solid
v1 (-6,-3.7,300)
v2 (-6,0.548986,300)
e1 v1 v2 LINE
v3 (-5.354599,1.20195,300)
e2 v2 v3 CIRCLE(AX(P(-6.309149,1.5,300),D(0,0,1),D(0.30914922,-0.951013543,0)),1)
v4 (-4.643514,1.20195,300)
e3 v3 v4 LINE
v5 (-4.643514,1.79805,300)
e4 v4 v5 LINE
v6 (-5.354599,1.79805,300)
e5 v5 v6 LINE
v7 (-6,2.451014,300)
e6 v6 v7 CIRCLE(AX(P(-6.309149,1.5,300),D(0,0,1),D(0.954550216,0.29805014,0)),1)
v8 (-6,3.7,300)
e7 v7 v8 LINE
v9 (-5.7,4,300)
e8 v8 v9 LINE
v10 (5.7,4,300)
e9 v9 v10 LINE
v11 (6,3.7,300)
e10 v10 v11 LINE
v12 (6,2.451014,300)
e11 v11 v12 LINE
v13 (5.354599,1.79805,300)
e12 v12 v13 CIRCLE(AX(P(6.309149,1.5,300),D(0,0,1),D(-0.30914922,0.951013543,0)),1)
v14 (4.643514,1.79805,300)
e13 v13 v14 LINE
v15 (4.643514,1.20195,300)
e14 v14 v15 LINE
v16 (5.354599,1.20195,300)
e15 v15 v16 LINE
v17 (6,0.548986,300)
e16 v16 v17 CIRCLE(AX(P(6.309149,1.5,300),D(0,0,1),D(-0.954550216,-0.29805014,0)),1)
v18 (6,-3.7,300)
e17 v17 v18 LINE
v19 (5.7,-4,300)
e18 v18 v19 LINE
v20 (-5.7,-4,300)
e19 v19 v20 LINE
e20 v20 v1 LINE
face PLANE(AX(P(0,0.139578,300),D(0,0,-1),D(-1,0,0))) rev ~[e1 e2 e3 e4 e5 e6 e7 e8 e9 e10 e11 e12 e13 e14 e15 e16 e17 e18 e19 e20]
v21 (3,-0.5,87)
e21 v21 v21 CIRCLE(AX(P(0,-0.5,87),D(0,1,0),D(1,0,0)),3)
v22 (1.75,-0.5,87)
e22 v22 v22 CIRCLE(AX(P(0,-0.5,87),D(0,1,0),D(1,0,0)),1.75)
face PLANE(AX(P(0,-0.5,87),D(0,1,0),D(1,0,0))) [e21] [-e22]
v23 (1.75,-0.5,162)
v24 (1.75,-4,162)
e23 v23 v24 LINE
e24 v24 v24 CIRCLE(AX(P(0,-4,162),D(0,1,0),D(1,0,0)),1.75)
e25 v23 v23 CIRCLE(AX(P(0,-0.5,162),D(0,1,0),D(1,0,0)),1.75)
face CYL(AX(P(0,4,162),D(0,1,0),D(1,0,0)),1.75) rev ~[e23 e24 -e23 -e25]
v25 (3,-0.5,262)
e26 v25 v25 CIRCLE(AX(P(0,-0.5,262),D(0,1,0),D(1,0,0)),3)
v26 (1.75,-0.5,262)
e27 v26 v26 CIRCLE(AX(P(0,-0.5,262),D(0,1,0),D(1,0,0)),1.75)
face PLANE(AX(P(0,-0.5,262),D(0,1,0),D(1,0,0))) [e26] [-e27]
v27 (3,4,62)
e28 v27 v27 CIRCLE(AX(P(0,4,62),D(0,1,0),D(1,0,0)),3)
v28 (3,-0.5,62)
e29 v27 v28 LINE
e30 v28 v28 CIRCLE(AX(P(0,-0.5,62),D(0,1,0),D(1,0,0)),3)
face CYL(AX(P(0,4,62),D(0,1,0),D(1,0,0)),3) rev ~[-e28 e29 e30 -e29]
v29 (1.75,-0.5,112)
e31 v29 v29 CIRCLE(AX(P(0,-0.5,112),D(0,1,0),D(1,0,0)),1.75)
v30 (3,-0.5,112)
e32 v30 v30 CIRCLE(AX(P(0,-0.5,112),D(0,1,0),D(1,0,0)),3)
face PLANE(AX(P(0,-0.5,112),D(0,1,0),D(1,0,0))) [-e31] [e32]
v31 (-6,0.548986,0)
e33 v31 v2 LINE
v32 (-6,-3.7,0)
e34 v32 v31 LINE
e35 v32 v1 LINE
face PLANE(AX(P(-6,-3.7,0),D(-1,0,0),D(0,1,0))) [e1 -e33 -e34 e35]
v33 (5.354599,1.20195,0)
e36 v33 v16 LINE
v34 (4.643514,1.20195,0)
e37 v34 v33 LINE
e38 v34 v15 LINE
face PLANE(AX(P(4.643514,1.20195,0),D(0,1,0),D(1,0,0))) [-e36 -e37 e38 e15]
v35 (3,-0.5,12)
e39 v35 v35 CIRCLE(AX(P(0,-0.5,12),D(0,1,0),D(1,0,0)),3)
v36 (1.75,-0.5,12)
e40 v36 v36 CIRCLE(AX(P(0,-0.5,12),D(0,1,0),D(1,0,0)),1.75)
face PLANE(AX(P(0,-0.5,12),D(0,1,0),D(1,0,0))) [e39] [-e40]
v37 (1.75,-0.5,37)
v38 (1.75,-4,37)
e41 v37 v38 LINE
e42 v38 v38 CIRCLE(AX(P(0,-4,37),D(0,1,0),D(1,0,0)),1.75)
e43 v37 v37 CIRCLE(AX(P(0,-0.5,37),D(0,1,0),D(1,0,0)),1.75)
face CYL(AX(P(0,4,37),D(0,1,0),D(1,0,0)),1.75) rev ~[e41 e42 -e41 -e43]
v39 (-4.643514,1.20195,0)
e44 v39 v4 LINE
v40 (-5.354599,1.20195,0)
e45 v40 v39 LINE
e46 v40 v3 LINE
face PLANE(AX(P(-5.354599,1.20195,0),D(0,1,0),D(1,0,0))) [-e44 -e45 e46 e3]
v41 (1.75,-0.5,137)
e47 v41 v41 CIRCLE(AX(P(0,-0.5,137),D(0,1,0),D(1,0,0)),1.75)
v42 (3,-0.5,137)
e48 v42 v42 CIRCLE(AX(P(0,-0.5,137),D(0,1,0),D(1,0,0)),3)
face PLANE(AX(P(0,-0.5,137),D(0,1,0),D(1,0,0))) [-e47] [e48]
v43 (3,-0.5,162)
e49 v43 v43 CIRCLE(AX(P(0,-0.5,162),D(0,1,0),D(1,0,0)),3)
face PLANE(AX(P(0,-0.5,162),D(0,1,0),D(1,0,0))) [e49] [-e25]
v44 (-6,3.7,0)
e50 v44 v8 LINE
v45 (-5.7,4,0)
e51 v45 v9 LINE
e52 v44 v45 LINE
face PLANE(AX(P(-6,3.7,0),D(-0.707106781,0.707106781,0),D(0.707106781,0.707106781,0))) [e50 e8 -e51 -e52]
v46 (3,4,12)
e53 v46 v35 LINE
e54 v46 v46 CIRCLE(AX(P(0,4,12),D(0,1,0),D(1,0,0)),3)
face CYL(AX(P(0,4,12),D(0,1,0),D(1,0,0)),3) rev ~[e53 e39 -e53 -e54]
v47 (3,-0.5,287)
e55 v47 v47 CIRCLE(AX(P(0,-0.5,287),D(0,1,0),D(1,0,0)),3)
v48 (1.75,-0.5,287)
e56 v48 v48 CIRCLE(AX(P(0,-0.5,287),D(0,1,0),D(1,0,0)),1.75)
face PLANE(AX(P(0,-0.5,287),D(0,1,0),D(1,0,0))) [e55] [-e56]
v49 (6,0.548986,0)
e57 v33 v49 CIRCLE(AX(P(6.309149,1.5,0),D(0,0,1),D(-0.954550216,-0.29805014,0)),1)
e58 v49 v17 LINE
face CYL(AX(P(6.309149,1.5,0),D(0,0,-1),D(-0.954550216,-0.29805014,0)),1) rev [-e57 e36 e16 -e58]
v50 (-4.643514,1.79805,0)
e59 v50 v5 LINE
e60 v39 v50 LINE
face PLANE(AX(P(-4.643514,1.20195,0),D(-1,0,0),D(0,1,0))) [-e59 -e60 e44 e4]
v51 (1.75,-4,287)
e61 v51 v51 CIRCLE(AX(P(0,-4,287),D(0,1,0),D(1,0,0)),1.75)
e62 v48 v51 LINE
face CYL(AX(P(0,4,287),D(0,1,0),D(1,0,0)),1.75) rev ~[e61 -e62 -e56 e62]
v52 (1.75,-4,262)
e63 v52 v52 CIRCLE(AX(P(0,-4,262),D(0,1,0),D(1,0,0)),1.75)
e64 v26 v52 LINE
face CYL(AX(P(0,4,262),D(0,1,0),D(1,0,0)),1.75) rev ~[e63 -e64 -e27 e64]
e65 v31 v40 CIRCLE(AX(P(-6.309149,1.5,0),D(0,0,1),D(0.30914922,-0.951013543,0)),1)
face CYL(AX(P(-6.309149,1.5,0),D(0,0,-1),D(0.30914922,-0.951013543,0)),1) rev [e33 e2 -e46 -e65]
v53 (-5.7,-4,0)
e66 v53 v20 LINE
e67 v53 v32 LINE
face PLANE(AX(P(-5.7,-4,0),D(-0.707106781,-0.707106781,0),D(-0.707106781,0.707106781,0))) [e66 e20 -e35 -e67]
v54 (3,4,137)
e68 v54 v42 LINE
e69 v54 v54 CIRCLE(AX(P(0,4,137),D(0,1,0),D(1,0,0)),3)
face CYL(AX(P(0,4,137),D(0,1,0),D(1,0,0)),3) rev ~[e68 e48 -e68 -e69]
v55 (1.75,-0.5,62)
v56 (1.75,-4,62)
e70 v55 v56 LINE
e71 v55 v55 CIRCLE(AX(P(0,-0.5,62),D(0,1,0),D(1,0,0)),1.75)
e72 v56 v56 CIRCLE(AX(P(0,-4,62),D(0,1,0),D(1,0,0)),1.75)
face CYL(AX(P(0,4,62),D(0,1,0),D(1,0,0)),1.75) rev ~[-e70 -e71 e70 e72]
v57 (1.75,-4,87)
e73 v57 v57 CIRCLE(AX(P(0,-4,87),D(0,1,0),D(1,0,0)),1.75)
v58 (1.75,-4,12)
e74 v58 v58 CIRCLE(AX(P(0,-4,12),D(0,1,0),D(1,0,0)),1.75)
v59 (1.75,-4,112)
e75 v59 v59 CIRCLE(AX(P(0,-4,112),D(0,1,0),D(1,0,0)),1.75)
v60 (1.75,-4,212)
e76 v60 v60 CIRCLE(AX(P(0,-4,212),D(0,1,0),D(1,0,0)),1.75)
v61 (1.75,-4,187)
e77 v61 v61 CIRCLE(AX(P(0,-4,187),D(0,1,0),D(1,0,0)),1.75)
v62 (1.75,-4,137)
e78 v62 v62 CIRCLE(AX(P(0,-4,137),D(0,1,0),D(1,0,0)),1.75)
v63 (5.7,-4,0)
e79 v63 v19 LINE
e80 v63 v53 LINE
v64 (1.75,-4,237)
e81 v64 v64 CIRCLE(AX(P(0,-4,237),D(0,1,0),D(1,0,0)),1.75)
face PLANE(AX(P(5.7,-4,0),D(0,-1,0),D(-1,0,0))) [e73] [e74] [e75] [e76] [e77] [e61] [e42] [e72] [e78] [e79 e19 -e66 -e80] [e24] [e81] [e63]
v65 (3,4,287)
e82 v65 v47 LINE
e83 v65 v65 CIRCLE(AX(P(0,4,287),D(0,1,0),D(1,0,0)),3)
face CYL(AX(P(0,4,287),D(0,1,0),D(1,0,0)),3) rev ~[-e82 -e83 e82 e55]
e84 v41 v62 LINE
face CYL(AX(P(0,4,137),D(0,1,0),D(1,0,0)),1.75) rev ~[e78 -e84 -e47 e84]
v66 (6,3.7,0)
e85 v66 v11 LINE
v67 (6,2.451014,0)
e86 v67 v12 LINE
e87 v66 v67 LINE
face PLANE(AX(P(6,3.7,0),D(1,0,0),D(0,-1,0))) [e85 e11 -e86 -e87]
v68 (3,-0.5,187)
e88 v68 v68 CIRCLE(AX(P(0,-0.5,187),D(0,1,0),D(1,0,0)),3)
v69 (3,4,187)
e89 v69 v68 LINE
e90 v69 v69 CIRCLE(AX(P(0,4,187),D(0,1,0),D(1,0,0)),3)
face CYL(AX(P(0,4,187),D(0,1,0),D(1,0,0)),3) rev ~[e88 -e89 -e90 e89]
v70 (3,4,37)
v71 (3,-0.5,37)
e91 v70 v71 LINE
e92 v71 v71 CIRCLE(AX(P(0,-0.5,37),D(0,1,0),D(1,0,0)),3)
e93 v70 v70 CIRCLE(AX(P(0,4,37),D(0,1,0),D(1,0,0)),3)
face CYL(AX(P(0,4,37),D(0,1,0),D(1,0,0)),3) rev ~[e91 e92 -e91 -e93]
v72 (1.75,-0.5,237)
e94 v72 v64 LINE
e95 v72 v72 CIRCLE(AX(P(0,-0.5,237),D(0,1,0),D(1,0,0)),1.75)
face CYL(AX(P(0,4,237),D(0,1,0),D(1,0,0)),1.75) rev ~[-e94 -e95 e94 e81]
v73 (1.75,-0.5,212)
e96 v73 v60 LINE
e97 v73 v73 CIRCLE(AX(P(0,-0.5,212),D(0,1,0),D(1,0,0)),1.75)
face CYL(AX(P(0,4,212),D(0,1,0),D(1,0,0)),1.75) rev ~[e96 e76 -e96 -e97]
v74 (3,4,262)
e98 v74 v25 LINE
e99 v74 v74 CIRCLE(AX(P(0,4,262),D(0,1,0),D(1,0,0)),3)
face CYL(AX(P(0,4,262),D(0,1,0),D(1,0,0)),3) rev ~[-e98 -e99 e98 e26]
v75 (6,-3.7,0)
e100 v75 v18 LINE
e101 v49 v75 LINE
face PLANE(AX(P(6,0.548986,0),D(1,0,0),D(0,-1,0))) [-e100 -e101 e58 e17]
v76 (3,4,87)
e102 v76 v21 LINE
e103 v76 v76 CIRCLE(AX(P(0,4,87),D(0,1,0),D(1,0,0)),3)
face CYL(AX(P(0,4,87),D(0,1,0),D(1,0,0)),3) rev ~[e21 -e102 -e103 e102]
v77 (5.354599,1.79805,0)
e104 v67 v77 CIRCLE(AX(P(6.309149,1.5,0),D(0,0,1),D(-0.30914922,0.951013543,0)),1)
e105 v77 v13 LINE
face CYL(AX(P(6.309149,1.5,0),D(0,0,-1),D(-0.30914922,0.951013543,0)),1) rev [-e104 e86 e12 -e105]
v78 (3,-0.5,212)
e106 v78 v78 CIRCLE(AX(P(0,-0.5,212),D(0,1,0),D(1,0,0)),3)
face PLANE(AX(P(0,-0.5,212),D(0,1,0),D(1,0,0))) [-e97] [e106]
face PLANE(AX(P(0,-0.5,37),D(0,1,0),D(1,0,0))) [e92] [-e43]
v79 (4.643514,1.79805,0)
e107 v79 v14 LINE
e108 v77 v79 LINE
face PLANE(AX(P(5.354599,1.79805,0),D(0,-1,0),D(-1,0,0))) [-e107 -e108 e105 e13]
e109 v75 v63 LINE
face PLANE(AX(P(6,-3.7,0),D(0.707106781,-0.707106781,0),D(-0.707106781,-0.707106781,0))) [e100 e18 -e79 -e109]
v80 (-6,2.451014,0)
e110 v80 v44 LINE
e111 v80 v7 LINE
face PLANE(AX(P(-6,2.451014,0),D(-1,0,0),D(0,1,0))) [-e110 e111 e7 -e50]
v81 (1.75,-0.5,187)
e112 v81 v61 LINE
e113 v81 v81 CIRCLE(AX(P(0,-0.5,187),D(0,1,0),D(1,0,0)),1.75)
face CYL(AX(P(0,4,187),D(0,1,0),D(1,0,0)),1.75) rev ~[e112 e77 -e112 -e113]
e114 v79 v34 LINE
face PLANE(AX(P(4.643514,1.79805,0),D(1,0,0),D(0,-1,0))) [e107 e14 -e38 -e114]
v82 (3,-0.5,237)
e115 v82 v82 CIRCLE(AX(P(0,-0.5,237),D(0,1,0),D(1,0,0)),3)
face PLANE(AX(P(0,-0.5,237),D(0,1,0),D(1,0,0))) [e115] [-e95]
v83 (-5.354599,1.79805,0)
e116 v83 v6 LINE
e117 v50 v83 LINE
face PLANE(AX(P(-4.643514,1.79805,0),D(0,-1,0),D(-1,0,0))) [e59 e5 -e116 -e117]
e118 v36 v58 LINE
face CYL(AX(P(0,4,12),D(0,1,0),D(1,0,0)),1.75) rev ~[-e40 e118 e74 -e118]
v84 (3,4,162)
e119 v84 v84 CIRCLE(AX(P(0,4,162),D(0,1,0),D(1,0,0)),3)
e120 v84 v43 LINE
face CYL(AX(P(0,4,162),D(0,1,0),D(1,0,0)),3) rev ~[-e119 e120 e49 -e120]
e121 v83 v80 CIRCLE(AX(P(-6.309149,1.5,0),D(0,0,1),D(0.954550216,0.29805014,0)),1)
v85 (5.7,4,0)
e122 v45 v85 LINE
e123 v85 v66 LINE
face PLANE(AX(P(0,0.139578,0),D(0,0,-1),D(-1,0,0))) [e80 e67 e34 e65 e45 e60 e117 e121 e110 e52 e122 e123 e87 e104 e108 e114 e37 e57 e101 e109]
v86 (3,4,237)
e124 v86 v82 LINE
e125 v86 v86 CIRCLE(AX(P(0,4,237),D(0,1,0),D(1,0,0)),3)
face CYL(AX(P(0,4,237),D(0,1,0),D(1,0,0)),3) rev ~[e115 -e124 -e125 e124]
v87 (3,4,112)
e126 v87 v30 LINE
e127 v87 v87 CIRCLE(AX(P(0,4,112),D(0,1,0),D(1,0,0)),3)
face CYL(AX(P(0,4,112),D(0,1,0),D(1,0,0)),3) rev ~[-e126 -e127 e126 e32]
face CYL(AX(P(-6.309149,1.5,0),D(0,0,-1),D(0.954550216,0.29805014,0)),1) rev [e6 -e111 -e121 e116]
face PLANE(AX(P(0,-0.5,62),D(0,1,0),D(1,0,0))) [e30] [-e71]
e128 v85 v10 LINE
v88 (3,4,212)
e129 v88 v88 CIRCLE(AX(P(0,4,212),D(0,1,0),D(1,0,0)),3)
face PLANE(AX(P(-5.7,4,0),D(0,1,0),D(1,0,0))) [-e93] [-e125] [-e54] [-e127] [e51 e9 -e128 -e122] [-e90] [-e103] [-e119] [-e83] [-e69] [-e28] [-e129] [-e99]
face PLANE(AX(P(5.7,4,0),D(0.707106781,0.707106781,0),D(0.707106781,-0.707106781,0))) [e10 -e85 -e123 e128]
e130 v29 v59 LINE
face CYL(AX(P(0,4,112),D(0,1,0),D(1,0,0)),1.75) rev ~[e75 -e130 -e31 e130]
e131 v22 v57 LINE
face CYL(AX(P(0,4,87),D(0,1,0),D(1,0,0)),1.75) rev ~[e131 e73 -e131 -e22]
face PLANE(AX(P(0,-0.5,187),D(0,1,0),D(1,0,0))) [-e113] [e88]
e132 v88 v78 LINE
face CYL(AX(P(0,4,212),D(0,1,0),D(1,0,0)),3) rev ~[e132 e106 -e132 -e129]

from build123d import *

# Parameters (mm, degrees)
EXTRUDE_1_DEPTH        = 300
SKETCH_2_R             = 3
SKETCH_2_R_2           = 1.75
CUT_EXTRUDE_1_DEPTH    = 4.5
SKETCH_2_2_R           = 1.75
CUT_EXTRUDE_2_DEPTH    = 9
PATTERN_LINEAR_1_COUNT = 16
PATTERN_LINEAR_1_PITCH = 25


with BuildPart() as part:
    # Эскиз1 → Бобышка-Вытянуть1 (new body)
    with BuildSketch(Plane.XY):
        with BuildLine():
            Line((-6, 3.7), (-5.7, 4))
            Line((-5.7, 4), (5.7, 4))
            Line((5.7, 4), (6, 3.7))
            Line((6, 3.7), (6, 2.451013544))
            ThreePointArc((6, 2.451013544), (5.597935912, 2.202976267), (5.354599002, 1.798050138))
            Line((5.354599002, 1.798050138), (4.643514056, 1.798050138))
            Line((4.643514056, 1.798050138), (4.643514056, 1.201949862))
            Line((4.643514056, 1.201949862), (5.354599002, 1.201949862))
            ThreePointArc((5.354599002, 1.201949862), (5.597935912, 0.797023733), (6, 0.548986456))
            Line((6, 0.548986456), (6, -3.7))
            Line((6, -3.7), (5.7, -4))
            Line((5.7, -4), (-5.7, -4))
            Line((-5.7, -4), (-6, -3.7))
            Line((-6, -3.7), (-6, 0.548986456))
            ThreePointArc((-6, 0.548986456), (-5.597935912, 0.797023733), (-5.354599002, 1.201949862))
            Line((-5.354599002, 1.201949862), (-4.643514056, 1.201949862))
            Line((-4.643514056, 1.201949862), (-4.643514056, 1.798050138))
            Line((-4.643514056, 1.798050138), (-5.354599002, 1.798050138))
            ThreePointArc((-5.354599002, 1.798050138), (-5.597935912, 2.202976267), (-6, 2.451013544))
            Line((-6, 2.451013544), (-6, 3.7))
        make_face()
    extrude(amount=EXTRUDE_1_DEPTH)

    # Эскиз2 → Вырез-Вытянуть1 (cut)
    with BuildSketch(Plane(origin=(0, 4, 0), x_dir=(1, 0, 0), z_dir=(0, 1, 0))):
        with Locations((0, -12)):
            Circle(SKETCH_2_R)
        with Locations((0, -12)):
            Circle(SKETCH_2_R_2, mode=Mode.SUBTRACT)
    cut_extrude_1 = extrude(amount=-CUT_EXTRUDE_1_DEPTH, mode=Mode.SUBTRACT)

    # Эскиз2<2> → Вырез-Вытянуть2 (cut, through all)
    with BuildSketch(Plane(origin=(0, 4, 0), x_dir=(1, 0, 0), z_dir=(0, 1, 0))):
        with Locations((0, -12)):
            Circle(SKETCH_2_2_R)
    cut_extrude_2 = extrude(amount=-CUT_EXTRUDE_2_DEPTH, mode=Mode.SUBTRACT)

    # Линейный массив1: Вырез-Вытянуть1, Вырез-Вытянуть2 ×16
    with Locations(*[(0, 0, i * PATTERN_LINEAR_1_PITCH) for i in range(1, PATTERN_LINEAR_1_COUNT)]):
        add(cut_extrude_1, mode=Mode.SUBTRACT)
        add(cut_extrude_2, mode=Mode.SUBTRACT)


solid = part.part
